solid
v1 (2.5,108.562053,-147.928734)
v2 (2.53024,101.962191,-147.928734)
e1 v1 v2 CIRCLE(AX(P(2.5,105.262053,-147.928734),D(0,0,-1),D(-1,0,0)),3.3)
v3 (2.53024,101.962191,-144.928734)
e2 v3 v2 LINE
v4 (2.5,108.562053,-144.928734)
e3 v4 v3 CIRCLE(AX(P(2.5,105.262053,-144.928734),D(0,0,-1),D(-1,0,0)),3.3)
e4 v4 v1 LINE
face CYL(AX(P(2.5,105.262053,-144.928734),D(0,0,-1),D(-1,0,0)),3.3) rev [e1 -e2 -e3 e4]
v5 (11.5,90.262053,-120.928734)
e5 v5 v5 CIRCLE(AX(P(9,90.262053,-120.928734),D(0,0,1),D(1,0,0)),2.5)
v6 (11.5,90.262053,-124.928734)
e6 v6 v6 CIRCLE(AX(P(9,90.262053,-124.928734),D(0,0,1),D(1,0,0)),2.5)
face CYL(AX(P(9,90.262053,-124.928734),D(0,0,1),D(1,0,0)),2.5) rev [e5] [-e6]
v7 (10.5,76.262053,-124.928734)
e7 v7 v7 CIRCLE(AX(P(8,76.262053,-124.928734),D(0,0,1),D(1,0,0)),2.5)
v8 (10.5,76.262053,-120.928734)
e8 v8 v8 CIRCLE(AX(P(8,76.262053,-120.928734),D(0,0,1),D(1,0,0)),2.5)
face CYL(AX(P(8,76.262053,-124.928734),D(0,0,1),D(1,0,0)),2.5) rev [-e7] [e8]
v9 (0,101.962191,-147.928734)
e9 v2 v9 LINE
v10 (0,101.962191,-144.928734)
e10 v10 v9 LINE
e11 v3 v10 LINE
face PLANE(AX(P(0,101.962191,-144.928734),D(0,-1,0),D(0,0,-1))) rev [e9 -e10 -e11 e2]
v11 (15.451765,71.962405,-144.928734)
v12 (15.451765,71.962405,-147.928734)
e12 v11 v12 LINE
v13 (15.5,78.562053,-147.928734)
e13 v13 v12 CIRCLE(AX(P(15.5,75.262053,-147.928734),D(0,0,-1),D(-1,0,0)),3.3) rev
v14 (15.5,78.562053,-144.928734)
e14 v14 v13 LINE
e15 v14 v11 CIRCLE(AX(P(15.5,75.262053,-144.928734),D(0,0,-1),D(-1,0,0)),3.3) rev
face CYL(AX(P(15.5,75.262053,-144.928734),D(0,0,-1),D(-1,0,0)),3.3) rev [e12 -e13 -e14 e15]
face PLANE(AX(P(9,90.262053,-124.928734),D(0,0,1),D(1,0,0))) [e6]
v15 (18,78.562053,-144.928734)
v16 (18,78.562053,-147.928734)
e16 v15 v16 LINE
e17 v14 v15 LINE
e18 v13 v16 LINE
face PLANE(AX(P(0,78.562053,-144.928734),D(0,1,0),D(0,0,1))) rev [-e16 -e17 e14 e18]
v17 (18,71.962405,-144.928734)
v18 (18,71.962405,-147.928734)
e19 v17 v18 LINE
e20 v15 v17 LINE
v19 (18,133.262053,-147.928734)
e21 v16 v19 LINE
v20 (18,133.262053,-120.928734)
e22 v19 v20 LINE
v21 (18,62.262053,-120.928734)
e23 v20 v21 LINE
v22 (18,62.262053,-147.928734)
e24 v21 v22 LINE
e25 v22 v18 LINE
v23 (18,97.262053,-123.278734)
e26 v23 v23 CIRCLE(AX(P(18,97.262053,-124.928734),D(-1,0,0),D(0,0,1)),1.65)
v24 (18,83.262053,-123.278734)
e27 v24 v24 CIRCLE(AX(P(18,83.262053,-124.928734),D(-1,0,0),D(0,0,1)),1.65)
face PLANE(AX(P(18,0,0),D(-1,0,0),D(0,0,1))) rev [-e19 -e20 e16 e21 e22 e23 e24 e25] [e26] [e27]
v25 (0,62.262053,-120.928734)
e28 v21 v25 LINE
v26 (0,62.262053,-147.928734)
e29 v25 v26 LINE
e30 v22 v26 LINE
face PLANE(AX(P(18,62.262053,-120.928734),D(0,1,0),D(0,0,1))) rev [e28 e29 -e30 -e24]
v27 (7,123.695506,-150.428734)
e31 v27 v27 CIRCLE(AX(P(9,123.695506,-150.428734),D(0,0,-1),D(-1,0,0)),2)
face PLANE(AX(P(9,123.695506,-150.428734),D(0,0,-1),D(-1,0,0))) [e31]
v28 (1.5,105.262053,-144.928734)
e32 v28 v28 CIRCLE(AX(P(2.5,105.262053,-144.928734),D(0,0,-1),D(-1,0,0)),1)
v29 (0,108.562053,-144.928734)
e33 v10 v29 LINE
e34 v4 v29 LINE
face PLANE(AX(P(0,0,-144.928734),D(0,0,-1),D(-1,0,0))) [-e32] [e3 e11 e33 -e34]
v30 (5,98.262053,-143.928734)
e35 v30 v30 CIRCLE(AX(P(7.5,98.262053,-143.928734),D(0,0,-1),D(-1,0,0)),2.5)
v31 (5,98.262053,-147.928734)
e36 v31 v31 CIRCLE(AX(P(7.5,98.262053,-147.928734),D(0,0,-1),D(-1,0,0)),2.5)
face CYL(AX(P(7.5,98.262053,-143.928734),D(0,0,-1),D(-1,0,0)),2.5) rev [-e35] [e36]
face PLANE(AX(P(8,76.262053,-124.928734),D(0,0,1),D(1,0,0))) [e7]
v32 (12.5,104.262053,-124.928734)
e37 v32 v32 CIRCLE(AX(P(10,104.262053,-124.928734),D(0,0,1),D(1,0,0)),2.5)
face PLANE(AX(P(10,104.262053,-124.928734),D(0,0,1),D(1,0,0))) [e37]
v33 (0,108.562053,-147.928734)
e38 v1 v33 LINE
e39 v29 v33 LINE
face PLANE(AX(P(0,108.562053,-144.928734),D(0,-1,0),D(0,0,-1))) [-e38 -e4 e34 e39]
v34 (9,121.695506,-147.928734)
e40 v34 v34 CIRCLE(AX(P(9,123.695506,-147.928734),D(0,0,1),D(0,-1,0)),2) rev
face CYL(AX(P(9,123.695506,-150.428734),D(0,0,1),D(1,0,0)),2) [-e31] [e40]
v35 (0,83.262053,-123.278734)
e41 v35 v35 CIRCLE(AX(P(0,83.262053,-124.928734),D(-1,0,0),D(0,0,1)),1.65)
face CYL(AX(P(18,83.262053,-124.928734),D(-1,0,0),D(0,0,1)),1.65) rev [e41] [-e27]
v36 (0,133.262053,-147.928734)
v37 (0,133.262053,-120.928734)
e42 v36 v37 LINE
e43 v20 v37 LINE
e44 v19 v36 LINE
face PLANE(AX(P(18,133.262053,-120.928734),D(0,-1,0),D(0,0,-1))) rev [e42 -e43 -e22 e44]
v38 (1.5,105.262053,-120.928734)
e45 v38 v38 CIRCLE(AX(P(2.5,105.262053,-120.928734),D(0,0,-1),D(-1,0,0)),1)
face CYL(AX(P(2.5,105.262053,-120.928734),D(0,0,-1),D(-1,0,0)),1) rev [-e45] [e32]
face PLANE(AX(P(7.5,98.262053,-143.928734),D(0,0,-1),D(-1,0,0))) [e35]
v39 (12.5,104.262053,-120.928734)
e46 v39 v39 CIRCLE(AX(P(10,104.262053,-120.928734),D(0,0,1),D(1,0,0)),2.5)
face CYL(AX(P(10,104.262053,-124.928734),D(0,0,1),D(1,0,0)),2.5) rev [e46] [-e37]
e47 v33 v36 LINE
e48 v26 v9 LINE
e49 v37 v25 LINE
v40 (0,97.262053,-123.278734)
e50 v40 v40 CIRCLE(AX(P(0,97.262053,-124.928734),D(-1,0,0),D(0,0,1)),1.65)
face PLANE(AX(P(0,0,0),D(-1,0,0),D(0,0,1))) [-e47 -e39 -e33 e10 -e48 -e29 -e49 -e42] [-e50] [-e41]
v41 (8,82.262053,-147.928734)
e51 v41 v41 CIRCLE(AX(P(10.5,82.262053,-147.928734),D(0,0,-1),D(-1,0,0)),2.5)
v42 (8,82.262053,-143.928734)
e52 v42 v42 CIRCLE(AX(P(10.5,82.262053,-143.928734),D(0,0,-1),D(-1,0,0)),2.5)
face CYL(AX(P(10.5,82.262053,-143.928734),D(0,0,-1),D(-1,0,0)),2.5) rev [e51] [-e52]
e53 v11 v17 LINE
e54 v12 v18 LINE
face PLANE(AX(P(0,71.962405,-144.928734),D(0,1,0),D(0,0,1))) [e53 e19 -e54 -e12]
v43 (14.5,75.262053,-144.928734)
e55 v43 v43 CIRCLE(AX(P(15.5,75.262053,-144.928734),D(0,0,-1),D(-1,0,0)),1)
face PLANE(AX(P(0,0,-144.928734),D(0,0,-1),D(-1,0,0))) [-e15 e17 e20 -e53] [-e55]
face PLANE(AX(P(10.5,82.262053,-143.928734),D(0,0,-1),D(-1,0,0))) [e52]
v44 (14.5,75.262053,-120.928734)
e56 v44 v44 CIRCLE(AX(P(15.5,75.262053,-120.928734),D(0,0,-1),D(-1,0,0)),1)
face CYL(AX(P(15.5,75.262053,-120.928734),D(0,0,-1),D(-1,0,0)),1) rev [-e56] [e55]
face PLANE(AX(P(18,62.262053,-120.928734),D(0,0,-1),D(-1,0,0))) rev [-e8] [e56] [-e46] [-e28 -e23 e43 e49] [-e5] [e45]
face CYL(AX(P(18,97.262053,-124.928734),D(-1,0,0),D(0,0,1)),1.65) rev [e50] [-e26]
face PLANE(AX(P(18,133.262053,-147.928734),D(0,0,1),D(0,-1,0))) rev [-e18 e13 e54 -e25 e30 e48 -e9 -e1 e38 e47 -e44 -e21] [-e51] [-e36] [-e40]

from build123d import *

# Parameters (mm, degrees)
ESQUISSE1_W             = 27
ESQUISSE1_H             = 71
BOSS_EXTRU_1_DEPTH      = 18
ESQUISSE2_R             = 1.65
ENL_V_MAT_EXTRU_1_DEPTH = 200.914193796
ESQUISSE5_R             = 2
BOSS_EXTRU_2_DEPTH      = 2.5
ESQUISSE6_R             = 2.5
ENL_V_MAT_EXTRU_2_DEPTH = 4
ENL_V_MAT_EXTRU_3_DEPTH = 3
ESQUISSE7_3_R           = 1
ENL_V_MAT_EXTRU_4_DEPTH = 138.156023146
ESQUISSE8_R             = 2.5
ENL_V_MAT_EXTRU_5_DEPTH = 4


with BuildPart() as part:
    # Esquisse1 → Boss.-Extru.1 (new body)
    with BuildSketch(Plane(origin=(0, 0, 0), x_dir=(0, 0, -1), z_dir=(1, 0, 0))):
        with Locations((134.428733504, 97.762052682)):
            Rectangle(ESQUISSE1_W, ESQUISSE1_H)
    extrude(amount=BOSS_EXTRU_1_DEPTH)

    # Esquisse2 → Enlèv. mat.-Extru.1 (cut, through all)
    with BuildSketch(Plane.ZY):
        with Locations((-124.928733504, 97.262052682)):
            Circle(ESQUISSE2_R)
        with Locations((-124.928733504, 83.262052682)):
            Circle(ESQUISSE2_R)
    extrude(amount=-ENL_V_MAT_EXTRU_1_DEPTH, mode=Mode.SUBTRACT)

    # Esquisse5 → Boss.-Extru.2 (add)
    with BuildSketch(Plane(origin=(0, 0, -147.928733504), x_dir=(-1, 0, 0), z_dir=(0, 0, -1))):
        with Locations((-9, 123.695505567)):
            Circle(ESQUISSE5_R)
    extrude(amount=BOSS_EXTRU_2_DEPTH)

    # Esquisse6 → Enlèv. mat.-Extru.2 (cut)
    with BuildSketch(Plane(origin=(0, 0, -147.928733504), x_dir=(-1, 0, 0), z_dir=(0, 0, -1))):
        with Locations((-10.5, 82.262052682)):
            Circle(ESQUISSE6_R)
        with Locations((-7.5, 98.262052682)):
            Circle(ESQUISSE6_R)
    extrude(amount=-ENL_V_MAT_EXTRU_2_DEPTH, mode=Mode.SUBTRACT)

    # Esquisse7 → Enlèv. mat.-Extru.3 (cut)
    with BuildSketch(Plane(origin=(0, 0, -147.928733504), x_dir=(-1, 0, 0), z_dir=(0, 0, -1))):
        with BuildLine():
            Line((0, 108.562052682), (-2.5, 108.562052682))
            ThreePointArc((-2.5, 108.562052682), (-5.79996536, 105.277172969), (-2.530240256, 101.962191242))
            Line((-2.530240256, 101.962191242), (0, 101.962191242))
            Line((0, 101.962191242), (0, 108.562052682))
        make_face()
        with BuildLine():
            ThreePointArc((-15.451765432, 71.962405212), (-12.200088134, 75.286170611), (-15.5, 78.562052682))
            Line((-15.5, 78.562052682), (-18, 78.562052682))
            Line((-18, 78.562052682), (-18, 71.962405212))
            Line((-18, 71.962405212), (-15.451765432, 71.962405212))
        make_face()
    extrude(amount=-ENL_V_MAT_EXTRU_3_DEPTH, mode=Mode.SUBTRACT)

    # Esquisse7<3> → Enlèv. mat.-Extru.4 (cut, through all)
    with BuildSketch(Plane(origin=(0, 0, -147.928733504), x_dir=(-1, 0, 0), z_dir=(0, 0, -1))):
        with Locations((-2.5, 105.262052682)):
            Circle(ESQUISSE7_3_R)
        with Locations((-15.5, 75.262052682)):
            Circle(ESQUISSE7_3_R)
    extrude(amount=-ENL_V_MAT_EXTRU_4_DEPTH, mode=Mode.SUBTRACT)

    # Esquisse8 → Enlèv. mat.-Extru.5 (cut)
    with BuildSketch(Plane.XY.offset(-120.928733504)):
        with Locations((8, 76.262052682)):
            Circle(ESQUISSE8_R)
        with Locations((9, 90.262052682)):
            Circle(ESQUISSE8_R)
        with Locations((10, 104.262052682)):
            Circle(ESQUISSE8_R)
    extrude(amount=-ENL_V_MAT_EXTRU_5_DEPTH, mode=Mode.SUBTRACT)


solid = part.part
